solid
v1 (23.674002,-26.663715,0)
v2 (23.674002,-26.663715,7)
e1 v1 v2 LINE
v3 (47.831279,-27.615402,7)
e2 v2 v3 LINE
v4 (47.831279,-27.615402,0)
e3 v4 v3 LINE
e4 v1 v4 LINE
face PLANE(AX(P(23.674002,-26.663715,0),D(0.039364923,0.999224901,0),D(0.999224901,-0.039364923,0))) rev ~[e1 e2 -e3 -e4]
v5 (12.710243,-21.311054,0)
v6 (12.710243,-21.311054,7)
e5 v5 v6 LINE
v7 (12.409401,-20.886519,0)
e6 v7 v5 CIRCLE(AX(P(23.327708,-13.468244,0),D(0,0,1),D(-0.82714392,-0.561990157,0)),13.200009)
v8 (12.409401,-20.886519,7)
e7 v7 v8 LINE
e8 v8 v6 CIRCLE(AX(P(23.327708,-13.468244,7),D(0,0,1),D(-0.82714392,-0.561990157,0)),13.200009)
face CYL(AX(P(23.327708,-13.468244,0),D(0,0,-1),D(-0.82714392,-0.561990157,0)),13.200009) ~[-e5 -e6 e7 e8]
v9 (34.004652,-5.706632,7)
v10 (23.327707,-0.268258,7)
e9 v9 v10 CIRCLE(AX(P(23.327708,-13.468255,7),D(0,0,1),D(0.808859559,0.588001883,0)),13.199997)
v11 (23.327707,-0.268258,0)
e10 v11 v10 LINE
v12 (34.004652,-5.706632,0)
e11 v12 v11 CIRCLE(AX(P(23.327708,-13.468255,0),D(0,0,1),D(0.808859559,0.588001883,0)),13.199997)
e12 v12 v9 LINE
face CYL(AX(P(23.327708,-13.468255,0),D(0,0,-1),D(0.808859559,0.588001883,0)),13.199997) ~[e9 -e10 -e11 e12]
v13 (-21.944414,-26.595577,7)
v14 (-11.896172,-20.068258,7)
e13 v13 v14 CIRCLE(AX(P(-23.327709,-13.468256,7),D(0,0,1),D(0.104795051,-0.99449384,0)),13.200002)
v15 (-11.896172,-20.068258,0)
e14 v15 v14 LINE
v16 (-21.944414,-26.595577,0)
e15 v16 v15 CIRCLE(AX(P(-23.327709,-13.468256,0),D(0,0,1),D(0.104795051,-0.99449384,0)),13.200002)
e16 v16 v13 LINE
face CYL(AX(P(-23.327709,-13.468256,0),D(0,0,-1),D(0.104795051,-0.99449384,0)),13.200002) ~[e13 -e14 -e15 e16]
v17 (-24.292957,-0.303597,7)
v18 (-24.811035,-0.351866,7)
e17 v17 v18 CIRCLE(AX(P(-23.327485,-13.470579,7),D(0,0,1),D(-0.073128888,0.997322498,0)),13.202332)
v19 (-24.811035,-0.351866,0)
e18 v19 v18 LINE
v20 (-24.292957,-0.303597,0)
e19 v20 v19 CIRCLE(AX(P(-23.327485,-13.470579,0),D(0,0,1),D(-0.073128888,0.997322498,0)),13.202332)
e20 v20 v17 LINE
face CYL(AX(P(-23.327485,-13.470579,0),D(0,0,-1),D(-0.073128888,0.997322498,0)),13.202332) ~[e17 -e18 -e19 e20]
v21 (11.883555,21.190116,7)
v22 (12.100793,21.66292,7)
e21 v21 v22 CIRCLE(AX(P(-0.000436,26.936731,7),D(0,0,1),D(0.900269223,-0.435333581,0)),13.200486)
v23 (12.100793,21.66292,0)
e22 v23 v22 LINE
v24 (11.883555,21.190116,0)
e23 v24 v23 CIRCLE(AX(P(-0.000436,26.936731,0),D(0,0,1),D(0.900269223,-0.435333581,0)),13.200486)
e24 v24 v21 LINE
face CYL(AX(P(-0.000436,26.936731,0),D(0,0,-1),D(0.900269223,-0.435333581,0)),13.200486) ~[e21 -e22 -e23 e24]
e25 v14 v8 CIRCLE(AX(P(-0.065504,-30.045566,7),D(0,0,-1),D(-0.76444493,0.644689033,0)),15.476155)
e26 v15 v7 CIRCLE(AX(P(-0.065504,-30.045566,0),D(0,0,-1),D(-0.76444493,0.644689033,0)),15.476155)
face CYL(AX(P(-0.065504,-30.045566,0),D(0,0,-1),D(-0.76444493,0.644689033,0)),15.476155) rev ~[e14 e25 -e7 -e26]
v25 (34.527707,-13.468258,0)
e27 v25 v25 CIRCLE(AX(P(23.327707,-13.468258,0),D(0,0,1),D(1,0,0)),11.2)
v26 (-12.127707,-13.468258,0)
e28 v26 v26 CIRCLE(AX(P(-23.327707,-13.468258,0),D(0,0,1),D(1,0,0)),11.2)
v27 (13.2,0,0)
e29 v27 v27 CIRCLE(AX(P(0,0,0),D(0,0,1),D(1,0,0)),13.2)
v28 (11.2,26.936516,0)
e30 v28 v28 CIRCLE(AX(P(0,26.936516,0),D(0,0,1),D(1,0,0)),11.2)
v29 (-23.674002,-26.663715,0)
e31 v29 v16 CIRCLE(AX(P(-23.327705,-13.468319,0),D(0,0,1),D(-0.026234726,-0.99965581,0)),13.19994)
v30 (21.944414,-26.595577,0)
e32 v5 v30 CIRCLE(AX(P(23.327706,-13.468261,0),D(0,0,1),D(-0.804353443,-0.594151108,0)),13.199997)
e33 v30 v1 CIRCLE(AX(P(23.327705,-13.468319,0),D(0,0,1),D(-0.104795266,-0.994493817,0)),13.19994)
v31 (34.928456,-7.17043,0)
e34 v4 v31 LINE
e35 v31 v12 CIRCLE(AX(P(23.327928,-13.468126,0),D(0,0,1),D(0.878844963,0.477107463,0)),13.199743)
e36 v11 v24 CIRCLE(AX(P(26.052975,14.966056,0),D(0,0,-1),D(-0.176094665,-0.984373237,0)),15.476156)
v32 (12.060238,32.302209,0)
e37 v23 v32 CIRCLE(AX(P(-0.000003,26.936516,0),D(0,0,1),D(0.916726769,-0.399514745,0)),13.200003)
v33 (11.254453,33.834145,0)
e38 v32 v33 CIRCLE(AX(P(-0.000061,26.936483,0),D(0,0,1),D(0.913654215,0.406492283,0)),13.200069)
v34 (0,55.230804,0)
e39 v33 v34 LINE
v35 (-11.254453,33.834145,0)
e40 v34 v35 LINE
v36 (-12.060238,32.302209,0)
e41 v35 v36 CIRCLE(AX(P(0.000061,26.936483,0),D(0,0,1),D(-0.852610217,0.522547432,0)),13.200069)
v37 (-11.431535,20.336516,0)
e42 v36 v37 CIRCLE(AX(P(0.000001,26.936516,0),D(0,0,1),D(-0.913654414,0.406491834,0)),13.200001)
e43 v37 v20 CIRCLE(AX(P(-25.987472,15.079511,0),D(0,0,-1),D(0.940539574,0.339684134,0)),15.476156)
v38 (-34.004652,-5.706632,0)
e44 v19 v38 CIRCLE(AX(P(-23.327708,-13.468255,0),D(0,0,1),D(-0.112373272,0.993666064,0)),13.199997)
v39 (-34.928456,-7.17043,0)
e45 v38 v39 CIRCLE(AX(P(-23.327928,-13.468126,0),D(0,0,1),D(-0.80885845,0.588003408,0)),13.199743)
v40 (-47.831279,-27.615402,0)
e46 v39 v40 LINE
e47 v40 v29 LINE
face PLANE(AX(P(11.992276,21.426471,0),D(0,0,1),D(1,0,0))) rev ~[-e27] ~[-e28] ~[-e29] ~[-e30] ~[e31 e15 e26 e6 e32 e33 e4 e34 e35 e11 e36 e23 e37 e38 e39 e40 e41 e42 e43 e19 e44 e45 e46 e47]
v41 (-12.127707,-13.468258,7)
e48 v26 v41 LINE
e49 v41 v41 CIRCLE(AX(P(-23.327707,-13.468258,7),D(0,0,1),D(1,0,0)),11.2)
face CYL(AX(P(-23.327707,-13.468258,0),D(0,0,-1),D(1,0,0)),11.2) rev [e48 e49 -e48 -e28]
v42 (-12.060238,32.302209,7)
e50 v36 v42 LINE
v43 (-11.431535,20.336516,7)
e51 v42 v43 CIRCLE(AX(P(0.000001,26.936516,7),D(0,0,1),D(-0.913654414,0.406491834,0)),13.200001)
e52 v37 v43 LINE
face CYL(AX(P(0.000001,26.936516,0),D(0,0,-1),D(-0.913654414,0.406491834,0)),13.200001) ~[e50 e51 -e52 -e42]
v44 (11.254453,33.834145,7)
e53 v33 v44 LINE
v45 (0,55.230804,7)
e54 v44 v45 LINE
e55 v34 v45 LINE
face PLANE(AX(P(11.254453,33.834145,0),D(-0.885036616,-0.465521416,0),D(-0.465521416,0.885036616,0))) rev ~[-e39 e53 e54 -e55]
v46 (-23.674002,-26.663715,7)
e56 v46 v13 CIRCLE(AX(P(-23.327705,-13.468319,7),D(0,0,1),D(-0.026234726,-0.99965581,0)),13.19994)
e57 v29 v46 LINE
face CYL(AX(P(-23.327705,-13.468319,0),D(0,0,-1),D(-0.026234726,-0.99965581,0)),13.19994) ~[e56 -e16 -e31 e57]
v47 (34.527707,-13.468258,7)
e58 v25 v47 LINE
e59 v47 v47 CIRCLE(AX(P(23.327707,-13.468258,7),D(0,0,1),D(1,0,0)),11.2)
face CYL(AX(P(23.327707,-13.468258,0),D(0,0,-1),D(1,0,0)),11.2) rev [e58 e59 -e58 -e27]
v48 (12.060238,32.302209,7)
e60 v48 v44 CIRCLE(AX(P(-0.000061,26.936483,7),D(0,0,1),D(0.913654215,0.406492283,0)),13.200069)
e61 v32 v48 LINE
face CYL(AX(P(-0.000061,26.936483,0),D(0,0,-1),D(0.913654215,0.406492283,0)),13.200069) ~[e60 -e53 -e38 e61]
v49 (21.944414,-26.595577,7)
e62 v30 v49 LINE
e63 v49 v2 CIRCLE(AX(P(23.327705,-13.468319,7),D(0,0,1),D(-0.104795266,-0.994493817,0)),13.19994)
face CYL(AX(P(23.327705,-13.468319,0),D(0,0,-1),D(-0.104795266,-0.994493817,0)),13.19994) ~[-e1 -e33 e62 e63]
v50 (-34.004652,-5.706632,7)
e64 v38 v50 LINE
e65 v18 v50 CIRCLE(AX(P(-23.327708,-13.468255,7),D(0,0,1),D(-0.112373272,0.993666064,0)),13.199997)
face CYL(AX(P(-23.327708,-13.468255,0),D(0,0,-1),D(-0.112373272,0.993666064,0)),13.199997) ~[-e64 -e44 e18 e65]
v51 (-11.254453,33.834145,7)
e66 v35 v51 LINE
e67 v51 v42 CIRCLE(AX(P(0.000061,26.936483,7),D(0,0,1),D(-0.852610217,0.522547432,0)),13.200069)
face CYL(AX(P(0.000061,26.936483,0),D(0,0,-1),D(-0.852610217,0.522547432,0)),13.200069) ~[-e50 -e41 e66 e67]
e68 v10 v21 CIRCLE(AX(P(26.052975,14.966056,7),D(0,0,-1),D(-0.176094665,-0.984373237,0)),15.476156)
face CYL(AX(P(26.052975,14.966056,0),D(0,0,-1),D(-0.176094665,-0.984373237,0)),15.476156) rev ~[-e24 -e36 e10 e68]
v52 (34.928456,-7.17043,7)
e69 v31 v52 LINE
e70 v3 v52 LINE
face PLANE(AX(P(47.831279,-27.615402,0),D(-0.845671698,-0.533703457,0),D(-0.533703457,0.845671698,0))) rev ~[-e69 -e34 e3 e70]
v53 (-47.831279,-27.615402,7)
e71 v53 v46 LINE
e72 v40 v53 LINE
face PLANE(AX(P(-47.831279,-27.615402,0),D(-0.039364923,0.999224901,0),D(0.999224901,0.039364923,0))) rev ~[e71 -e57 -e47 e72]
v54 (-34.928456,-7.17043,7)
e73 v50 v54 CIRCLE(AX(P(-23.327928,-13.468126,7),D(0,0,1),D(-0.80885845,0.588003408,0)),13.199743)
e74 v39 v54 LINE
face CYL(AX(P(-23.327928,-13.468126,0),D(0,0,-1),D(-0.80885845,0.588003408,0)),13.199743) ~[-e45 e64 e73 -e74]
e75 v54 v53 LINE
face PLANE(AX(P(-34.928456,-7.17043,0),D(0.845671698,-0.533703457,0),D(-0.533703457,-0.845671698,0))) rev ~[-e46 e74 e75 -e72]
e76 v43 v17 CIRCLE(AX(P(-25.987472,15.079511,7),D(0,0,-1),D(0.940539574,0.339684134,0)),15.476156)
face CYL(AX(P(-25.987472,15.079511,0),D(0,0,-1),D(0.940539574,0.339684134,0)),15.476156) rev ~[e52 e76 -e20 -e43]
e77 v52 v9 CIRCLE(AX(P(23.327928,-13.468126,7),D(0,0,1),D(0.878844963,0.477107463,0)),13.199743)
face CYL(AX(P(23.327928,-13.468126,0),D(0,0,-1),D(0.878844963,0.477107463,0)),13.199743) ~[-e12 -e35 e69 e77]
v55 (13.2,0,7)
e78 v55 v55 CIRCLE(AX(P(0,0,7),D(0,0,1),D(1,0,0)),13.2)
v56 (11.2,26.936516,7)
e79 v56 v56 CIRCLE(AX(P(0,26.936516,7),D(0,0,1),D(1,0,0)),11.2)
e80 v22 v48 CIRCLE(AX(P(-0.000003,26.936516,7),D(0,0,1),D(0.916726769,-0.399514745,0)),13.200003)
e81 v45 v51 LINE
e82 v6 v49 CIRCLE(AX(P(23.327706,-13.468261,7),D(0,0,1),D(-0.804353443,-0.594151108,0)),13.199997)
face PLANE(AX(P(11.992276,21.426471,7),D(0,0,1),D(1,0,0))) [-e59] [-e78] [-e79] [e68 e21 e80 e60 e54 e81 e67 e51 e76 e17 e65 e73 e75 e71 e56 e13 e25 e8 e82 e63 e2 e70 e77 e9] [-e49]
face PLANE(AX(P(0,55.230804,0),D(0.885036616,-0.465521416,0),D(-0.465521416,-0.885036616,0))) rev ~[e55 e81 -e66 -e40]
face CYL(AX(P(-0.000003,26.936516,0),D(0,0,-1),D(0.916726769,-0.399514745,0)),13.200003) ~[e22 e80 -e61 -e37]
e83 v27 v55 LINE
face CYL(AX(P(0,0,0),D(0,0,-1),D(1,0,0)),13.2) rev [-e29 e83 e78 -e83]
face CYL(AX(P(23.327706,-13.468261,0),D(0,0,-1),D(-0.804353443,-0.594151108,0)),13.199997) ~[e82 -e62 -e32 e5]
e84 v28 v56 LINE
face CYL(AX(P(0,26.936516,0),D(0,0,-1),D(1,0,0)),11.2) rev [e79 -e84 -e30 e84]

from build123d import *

# Parameters (mm, degrees)
F0_R     = 11.2
F0_R_2   = 13.2
F1_DEPTH = 7


with BuildPart() as f1:
    # F0 (on Top) → F1 (new body)
    with BuildSketch(Plane.XY):
        with BuildLine():
            ThreePointArc((12.100793, 21.66292), (11.990187, 21.427431), (11.883555, 21.190116))
            ThreePointArc((11.883555, 21.190116), (11.994504, 21.425448), (12.100793, 21.66292))
        make_face()
        with BuildLine():
            ThreePointArc((23.327707, -0.268258), (12.397461, 7.683314), (11.883555, 21.190116))
            ThreePointArc((11.883555, 21.190116), (11.990187, 21.427431), (12.100793, 21.66292))
            ThreePointArc((12.100793, 21.66292), (13.199904, 26.986831), (12.060238, 32.302209))
            Line((12.060238, 32.302209), (11.254453, 33.834145))
            ThreePointArc((11.254453, 33.834145), (0, 40.136516), (-11.254453, 33.834145))
            Line((-11.254453, 33.834145), (-12.060238, 32.302209))
            ThreePointArc((-12.060238, 32.302209), (-13.181817, 26.243916), (-11.431535, 20.336516))
            ThreePointArc((-11.431535, 20.336516), (-12.852676, 6.894859), (-24.292957, -0.303597))
            ThreePointArc((-24.292957, -0.303597), (-24.551793, -0.329909), (-24.811035, -0.351866))
            ThreePointArc((-24.811035, -0.351866), (-29.971233, -2.061963), (-34.004652, -5.706632))
            Line((-34.004652, -5.706632), (-34.928456, -7.17043))
            ThreePointArc((-34.928456, -7.17043), (-34.759243, -20.068258), (-23.674002, -26.663715))
            Line((-23.674002, -26.663715), (-21.944414, -26.595577))
            ThreePointArc((-21.944414, -26.595577), (-16.136989, -24.537746), (-11.896172, -20.068258))
            ThreePointArc((-11.896172, -20.068258), (0.455215, -14.578173), (12.409401, -20.886519))
            ThreePointArc((12.409401, -20.886519), (12.561606, -21.097522), (12.710243, -21.311054))
            ThreePointArc((12.710243, -21.311054), (16.771329, -24.924868), (21.944414, -26.595577))
            Line((21.944414, -26.595577), (23.674002, -26.663715))
            ThreePointArc((23.674002, -26.663715), (34.759243, -20.068258), (34.928456, -7.17043))
            Line((34.928456, -7.17043), (34.004652, -5.706632))
            ThreePointArc((34.004652, -5.706632), (29.318806, -1.706169), (23.327707, -0.268258))
        make_face()
        with Locations((-23.327707, -13.468258)):
            Circle(F0_R, mode=Mode.SUBTRACT)
        with Locations((23.327707, -13.468258)):
            Circle(F0_R, mode=Mode.SUBTRACT)
        Circle(F0_R_2, mode=Mode.SUBTRACT)
        with Locations((0, 26.936516)):
            Circle(F0_R, mode=Mode.SUBTRACT)
        with BuildLine():
            Line((11.254453, 33.834145), (12.060238, 32.302209))
            ThreePointArc((12.060238, 32.302209), (11.682483, 33.081399), (11.254453, 33.834145))
        make_face()
        with BuildLine():
            ThreePointArc((34.928456, -7.17043), (34.490574, -6.423372), (34.004652, -5.706632))
            Line((34.004652, -5.706632), (34.928456, -7.17043))
        make_face()
        with BuildLine():
            ThreePointArc((-11.254453, 33.834145), (0, 40.136516), (11.254453, 33.834145))
            Line((11.254453, 33.834145), (0, 55.230804))
            Line((0, 55.230804), (-11.254453, 33.834145))
        make_face()
        with BuildLine():
            Line((47.831279, -27.615402), (34.928456, -7.17043))
            ThreePointArc((34.928456, -7.17043), (34.759243, -20.068258), (23.674002, -26.663715))
            Line((23.674002, -26.663715), (47.831279, -27.615402))
        make_face()
        with BuildLine():
            Line((-12.060238, 32.302209), (-11.254453, 33.834145))
            ThreePointArc((-11.254453, 33.834145), (-11.682483, 33.081399), (-12.060238, 32.302209))
        make_face()
        with BuildLine():
            ThreePointArc((21.944414, -26.595577), (22.80809, -26.658027), (23.674002, -26.663715))
            Line((23.674002, -26.663715), (21.944414, -26.595577))
        make_face()
        with BuildLine():
            ThreePointArc((12.409401, -20.886519), (12.55773, -21.100269), (12.710243, -21.311054))
            ThreePointArc((12.710243, -21.311054), (12.561606, -21.097522), (12.409401, -20.886519))
        make_face()
        with BuildLine():
            ThreePointArc((-24.811035, -0.351866), (-24.551793, -0.329909), (-24.292957, -0.303597))
            ThreePointArc((-24.292957, -0.303597), (-24.552234, -0.325179), (-24.811035, -0.351866))
        make_face()
        with BuildLine():
            Line((-34.928456, -7.17043), (-34.004652, -5.706632))
            ThreePointArc((-34.004652, -5.706632), (-34.490574, -6.423372), (-34.928456, -7.17043))
        make_face()
        with BuildLine():
            ThreePointArc((-23.674002, -26.663715), (-22.80809, -26.658027), (-21.944414, -26.595577))
            Line((-21.944414, -26.595577), (-23.674002, -26.663715))
        make_face()
        with BuildLine():
            ThreePointArc((-23.674002, -26.663715), (-34.759243, -20.068258), (-34.928456, -7.17043))
            Line((-34.928456, -7.17043), (-47.831279, -27.615402))
            Line((-47.831279, -27.615402), (-23.674002, -26.663715))
        make_face()
    extrude(amount=F1_DEPTH)


solid = f1.part
